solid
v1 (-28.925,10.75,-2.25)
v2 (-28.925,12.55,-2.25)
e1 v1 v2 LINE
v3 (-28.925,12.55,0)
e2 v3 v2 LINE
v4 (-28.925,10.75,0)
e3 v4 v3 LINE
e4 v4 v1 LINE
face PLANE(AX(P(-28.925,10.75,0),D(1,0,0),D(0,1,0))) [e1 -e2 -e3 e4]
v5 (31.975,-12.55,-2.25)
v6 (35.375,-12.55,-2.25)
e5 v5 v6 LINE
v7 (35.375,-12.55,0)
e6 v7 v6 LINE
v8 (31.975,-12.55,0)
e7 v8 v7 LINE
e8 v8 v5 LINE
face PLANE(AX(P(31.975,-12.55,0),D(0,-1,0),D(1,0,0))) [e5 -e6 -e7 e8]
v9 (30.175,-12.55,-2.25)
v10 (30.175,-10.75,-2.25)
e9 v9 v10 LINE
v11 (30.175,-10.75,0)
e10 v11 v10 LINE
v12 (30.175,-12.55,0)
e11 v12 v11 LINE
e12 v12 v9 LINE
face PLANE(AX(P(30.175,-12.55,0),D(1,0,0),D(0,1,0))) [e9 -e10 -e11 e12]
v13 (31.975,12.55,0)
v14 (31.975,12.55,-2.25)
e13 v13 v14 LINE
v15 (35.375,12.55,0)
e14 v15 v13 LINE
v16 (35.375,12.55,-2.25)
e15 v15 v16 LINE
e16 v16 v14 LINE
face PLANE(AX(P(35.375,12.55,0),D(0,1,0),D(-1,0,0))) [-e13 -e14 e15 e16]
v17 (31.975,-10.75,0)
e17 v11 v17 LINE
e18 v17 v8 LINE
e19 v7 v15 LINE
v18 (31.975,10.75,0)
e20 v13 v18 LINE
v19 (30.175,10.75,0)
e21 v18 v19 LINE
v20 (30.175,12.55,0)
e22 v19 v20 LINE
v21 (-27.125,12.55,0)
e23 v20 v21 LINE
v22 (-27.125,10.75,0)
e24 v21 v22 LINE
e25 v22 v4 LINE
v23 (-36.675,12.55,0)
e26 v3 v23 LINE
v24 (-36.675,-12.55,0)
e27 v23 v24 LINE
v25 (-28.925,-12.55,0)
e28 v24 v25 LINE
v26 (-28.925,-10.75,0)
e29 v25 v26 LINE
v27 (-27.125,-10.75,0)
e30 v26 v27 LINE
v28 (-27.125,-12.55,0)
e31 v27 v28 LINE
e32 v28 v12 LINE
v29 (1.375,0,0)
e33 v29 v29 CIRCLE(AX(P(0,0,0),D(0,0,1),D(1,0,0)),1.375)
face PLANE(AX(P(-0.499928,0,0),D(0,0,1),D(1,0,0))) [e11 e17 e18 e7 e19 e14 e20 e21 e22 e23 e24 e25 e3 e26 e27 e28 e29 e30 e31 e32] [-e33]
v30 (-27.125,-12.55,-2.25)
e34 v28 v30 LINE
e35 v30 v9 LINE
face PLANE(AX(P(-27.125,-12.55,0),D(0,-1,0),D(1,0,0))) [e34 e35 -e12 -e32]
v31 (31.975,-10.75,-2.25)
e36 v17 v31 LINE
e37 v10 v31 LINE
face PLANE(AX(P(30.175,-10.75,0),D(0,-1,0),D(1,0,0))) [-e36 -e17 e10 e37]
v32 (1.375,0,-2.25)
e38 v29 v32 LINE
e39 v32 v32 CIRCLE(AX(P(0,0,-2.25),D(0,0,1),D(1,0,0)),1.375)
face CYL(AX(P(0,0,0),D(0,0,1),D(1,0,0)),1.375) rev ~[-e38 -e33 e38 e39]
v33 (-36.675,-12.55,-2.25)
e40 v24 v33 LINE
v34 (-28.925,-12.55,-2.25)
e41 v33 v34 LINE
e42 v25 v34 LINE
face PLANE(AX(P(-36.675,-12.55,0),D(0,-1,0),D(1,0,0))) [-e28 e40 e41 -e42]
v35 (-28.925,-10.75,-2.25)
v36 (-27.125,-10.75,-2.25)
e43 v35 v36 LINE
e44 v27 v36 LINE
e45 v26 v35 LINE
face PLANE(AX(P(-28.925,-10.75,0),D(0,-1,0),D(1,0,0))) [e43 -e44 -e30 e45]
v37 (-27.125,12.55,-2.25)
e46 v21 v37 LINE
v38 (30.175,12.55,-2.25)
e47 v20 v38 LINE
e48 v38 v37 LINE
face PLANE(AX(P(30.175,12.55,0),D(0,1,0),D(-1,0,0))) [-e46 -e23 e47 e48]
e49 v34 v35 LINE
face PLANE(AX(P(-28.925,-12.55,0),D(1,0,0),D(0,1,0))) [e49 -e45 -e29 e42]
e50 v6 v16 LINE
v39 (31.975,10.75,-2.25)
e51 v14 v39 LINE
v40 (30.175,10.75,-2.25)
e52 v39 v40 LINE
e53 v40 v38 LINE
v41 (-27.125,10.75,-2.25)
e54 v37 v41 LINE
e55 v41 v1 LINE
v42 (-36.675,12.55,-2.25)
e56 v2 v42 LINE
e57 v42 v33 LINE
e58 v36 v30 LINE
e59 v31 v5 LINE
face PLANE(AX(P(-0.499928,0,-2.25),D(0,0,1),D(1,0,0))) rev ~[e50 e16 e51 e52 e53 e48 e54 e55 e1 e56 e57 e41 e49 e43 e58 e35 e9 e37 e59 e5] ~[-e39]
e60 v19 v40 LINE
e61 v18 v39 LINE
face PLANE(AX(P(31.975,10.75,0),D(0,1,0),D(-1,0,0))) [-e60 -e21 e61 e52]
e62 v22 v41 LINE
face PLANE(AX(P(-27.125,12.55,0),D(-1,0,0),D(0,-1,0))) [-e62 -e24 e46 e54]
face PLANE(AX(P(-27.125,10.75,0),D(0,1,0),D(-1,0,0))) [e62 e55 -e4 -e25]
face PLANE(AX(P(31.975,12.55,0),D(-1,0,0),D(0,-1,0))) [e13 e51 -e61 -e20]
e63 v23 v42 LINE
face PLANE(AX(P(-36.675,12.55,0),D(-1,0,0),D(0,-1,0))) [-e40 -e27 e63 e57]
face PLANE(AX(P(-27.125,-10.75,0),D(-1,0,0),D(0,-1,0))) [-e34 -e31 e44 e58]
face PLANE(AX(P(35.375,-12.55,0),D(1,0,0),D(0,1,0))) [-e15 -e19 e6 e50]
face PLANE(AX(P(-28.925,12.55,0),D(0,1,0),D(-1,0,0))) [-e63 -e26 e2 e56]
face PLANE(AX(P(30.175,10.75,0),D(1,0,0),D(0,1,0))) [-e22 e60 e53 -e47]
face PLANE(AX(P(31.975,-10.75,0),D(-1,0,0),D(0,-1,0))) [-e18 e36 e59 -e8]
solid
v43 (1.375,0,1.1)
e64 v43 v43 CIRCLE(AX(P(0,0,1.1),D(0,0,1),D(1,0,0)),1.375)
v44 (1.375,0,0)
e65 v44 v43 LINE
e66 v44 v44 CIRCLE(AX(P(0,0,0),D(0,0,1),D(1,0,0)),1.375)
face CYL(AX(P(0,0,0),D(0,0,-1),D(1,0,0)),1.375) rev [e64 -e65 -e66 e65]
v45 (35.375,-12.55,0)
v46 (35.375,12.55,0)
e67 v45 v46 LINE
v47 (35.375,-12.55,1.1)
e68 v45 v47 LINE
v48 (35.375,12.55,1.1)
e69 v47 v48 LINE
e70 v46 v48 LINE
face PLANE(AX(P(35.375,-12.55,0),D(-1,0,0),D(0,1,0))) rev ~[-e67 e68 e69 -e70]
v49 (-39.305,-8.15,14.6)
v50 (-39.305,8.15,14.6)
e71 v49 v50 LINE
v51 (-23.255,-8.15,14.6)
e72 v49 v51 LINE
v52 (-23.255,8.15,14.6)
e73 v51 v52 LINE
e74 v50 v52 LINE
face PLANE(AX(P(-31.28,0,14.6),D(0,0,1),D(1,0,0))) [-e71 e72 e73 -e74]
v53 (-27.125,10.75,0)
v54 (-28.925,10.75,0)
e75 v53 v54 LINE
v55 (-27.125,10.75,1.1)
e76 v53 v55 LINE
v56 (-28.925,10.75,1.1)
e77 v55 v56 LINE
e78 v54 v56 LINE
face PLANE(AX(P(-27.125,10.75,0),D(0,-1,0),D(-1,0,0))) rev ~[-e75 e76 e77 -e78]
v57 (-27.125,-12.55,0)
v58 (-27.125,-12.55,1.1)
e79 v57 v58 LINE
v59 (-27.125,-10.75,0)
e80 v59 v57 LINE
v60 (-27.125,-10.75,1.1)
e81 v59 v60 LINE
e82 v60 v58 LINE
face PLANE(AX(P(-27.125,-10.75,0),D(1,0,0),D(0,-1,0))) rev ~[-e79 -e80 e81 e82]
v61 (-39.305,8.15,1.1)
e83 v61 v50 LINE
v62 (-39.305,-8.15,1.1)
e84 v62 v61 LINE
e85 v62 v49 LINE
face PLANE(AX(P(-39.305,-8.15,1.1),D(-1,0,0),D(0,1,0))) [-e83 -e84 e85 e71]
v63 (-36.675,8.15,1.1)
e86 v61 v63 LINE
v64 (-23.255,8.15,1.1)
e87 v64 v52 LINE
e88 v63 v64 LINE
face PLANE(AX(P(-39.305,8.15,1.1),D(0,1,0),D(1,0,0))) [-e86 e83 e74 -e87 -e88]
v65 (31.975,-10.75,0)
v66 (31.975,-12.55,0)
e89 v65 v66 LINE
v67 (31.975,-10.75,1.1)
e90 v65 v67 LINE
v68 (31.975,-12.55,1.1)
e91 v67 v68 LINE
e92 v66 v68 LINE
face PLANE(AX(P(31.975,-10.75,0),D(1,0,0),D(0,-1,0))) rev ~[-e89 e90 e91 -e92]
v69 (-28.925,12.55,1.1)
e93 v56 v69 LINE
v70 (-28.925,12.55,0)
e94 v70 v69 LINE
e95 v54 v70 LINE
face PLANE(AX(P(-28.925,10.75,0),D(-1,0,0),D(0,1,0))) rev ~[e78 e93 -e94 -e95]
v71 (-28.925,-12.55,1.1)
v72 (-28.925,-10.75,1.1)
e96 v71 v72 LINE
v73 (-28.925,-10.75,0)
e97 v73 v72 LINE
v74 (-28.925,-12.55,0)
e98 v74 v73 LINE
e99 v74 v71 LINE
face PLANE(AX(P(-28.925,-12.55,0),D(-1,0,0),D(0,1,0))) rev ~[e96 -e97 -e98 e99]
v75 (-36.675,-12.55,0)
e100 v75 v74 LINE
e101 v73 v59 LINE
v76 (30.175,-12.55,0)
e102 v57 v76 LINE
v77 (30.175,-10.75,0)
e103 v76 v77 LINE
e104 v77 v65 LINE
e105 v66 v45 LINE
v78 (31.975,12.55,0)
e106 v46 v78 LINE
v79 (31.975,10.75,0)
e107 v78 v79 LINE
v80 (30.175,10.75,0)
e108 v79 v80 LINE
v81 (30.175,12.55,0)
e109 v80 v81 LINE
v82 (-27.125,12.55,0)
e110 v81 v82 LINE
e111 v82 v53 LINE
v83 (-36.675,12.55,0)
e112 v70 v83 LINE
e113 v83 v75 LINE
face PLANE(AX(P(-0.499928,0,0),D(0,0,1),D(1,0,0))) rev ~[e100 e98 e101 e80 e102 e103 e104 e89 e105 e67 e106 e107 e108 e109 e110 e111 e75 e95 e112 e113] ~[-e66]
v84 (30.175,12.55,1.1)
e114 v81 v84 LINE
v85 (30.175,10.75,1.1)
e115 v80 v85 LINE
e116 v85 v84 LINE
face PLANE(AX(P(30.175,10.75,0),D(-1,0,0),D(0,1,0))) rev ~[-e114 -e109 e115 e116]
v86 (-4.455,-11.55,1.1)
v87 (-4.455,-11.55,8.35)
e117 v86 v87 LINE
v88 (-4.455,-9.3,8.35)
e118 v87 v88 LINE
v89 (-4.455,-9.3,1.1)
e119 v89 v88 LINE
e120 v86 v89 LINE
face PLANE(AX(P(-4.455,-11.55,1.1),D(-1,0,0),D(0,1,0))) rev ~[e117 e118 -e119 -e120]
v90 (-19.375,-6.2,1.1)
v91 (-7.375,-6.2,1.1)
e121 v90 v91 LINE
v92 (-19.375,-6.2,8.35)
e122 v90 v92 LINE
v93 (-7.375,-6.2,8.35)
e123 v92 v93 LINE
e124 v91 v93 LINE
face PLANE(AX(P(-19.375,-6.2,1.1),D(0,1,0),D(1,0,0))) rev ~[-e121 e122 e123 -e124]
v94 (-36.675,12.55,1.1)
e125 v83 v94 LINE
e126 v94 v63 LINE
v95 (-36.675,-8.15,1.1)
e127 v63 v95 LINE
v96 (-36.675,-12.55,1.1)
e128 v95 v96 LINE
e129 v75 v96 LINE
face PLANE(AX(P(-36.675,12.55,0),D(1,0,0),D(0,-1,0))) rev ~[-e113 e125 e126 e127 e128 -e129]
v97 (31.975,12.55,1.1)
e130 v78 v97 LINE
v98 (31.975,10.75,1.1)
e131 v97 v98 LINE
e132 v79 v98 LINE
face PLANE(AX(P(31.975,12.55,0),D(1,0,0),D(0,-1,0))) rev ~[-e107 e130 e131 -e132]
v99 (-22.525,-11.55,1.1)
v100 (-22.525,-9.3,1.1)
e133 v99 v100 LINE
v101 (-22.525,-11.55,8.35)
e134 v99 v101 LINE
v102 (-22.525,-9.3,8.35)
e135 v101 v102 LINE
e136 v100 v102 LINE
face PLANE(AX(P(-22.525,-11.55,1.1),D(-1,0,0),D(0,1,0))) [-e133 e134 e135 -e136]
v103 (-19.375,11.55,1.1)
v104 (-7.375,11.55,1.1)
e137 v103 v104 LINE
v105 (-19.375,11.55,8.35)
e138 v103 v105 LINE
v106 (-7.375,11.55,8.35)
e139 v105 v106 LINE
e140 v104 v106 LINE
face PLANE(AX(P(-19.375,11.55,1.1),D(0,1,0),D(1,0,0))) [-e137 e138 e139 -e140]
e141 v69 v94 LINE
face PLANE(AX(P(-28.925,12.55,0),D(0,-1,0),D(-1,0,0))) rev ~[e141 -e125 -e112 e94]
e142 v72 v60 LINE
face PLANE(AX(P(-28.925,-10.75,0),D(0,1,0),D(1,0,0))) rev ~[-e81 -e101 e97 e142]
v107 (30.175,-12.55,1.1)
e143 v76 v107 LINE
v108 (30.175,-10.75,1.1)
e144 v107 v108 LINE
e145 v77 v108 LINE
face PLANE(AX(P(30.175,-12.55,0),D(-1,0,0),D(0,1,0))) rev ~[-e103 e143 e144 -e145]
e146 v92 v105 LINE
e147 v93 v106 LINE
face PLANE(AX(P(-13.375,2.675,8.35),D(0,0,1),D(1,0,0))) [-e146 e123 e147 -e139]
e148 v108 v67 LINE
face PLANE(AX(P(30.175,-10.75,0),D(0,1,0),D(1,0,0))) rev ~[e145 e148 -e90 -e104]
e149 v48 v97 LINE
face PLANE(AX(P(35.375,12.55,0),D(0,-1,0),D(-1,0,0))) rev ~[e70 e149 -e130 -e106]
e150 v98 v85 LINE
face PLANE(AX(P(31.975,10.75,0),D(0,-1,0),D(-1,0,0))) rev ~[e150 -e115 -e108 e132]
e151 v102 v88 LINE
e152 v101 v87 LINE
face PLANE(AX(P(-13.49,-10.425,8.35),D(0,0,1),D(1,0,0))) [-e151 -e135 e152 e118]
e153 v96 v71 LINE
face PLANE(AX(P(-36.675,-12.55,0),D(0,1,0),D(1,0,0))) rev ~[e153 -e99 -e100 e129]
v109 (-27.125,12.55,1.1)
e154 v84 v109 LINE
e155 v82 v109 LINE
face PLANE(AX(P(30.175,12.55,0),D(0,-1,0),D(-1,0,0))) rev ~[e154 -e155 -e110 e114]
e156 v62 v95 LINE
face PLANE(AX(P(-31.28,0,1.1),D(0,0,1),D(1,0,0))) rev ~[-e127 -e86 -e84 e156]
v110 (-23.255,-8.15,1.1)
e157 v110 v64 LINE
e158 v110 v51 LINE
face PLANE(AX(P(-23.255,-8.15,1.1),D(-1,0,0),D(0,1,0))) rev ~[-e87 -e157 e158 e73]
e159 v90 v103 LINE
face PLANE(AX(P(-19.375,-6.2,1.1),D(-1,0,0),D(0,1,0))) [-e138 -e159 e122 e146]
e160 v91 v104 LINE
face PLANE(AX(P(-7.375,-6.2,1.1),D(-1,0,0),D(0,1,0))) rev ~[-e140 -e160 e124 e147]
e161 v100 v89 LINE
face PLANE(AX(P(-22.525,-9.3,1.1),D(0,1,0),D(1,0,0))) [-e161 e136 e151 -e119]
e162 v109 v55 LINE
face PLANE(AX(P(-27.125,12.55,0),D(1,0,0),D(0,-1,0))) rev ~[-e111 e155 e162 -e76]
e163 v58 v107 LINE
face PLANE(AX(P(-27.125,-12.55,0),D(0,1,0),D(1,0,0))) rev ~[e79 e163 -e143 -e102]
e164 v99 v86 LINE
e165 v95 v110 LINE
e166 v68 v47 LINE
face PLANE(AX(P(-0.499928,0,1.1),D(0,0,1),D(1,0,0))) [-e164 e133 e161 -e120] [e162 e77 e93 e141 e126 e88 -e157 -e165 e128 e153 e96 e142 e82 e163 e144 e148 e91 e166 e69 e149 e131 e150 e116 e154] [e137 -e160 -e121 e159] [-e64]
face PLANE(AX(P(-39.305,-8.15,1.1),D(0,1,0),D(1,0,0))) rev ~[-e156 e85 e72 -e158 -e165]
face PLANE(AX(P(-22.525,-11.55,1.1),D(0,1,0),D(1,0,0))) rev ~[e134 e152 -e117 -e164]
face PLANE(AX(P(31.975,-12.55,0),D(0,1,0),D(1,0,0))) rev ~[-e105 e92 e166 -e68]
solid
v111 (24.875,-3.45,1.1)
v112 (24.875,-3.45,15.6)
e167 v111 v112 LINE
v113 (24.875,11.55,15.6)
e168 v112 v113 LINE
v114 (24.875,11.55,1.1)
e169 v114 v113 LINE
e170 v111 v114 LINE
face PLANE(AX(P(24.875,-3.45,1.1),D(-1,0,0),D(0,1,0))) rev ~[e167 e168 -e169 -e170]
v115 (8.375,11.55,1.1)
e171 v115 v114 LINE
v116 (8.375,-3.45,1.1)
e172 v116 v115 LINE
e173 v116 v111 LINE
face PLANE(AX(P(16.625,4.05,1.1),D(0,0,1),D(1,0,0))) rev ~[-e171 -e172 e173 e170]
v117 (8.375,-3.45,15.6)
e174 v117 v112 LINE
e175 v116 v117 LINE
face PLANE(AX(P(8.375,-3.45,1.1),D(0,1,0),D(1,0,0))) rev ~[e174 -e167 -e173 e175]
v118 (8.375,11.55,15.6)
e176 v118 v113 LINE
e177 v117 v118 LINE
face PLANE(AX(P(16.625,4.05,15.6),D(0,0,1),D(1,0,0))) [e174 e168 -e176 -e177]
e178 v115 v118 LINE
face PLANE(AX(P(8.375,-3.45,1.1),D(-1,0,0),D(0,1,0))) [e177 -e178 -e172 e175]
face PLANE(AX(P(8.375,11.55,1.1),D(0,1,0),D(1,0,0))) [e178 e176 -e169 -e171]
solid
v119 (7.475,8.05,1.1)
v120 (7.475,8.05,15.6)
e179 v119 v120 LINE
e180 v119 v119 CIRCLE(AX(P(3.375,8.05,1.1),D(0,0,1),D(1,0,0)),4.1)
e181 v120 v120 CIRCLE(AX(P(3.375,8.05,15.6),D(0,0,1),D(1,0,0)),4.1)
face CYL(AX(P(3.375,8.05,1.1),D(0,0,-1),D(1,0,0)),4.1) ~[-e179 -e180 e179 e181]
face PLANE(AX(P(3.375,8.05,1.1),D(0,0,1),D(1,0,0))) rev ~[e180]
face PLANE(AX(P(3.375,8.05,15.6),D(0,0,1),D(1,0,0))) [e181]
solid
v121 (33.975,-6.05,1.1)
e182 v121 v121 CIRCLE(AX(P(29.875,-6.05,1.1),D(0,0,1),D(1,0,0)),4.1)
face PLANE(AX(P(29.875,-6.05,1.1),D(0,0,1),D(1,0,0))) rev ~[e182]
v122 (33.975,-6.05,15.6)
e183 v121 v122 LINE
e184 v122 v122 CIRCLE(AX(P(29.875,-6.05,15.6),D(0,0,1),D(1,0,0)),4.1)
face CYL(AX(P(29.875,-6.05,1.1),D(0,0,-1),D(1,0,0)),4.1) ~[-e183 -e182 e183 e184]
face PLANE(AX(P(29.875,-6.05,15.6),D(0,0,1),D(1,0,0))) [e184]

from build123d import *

# Parameters (mm, degrees)
SKETCH1_R                 = 1.375
BOSS_BOARDTHK_DEPTH       = 1.1
SKETCH1_3_R               = 1.375
BOSS_LOWERCLEARANCE_DEPTH = 2.25
SKETCH2_R                 = 4.1
BOSS_EXTRUDE3_DEPTH       = 14.5
BOSS_EXTRUDE3_2_DEPTH     = 14.5
SKETCH2_W                 = 16.5
SKETCH2_H                 = 15
BOSS_EXTRUDE3_3_DEPTH     = 14.5
SKETCH2_4_W               = 12
SKETCH2_4_H               = 17.75
SKETCH2_4_W_2             = 18.07
SKETCH2_4_H_2             = 2.25
BOSS_EXTRUDE4_DEPTH       = 7.25
SKETCH2_5_W               = 16.05
SKETCH2_5_H               = 16.3
BOSS_EXTRUDE5_DEPTH       = 13.5


with BuildPart() as part:
    # Sketch1 → Boss-BoardThk (new body)
    with BuildSketch(Plane.XY):
        Polygon((-36.675, 12.55), (-36.675, -12.55), (-28.925, -12.55), (-28.925, -10.75), (-27.125, -10.75), (-27.125, -12.55), (30.175, -12.55), (30.175, -10.75), (31.975, -10.75), (31.975, -12.55), (35.375, -12.55), (35.375, 12.55), (31.975, 12.55), (31.975, 10.75), (30.175, 10.75), (30.175, 12.55), (-27.125, 12.55), (-27.125, 10.75), (-28.925, 10.75), (-28.925, 12.55), align=None)
        Circle(SKETCH1_R, mode=Mode.SUBTRACT)
    extrude(amount=BOSS_BOARDTHK_DEPTH)

    # Sketch2<4> → Boss-Extrude4 (add)
    with BuildSketch(Plane.XY.offset(1.1)):
        with Locations((-13.375, 2.675)):
            Rectangle(SKETCH2_4_W, SKETCH2_4_H)
        with Locations((-13.49, -10.425)):
            Rectangle(SKETCH2_4_W_2, SKETCH2_4_H_2)
    extrude(amount=BOSS_EXTRUDE4_DEPTH)

    # Sketch2<5> → Boss-Extrude5 (add)
    with BuildSketch(Plane.XY.offset(1.1)):
        with Locations((-31.28, 0)):
            Rectangle(SKETCH2_5_W, SKETCH2_5_H)
    extrude(amount=BOSS_EXTRUDE5_DEPTH)


with BuildPart() as body_2:
    # Sketch1<3> → Boss-LowerClearance (new body)
    with BuildSketch(Plane.XY):
        Polygon((-36.675, 12.55), (-36.675, -12.55), (-28.925, -12.55), (-28.925, -10.75), (-27.125, -10.75), (-27.125, -12.55), (30.175, -12.55), (30.175, -10.75), (31.975, -10.75), (31.975, -12.55), (35.375, -12.55), (35.375, 12.55), (31.975, 12.55), (31.975, 10.75), (30.175, 10.75), (30.175, 12.55), (-27.125, 12.55), (-27.125, 10.75), (-28.925, 10.75), (-28.925, 12.55), align=None)
        Circle(SKETCH1_3_R, mode=Mode.SUBTRACT)
    extrude(amount=-BOSS_LOWERCLEARANCE_DEPTH)


with BuildPart() as body_3:
    # Sketch2 → Boss-Extrude3 (new body)
    with BuildSketch(Plane.XY.offset(1.1)):
        with Locations((29.875, -6.05)):
            Circle(SKETCH2_R)
    extrude(amount=BOSS_EXTRUDE3_DEPTH)


with BuildPart() as body_4:
    # Sketch2 → Boss-Extrude3 2 (new body)
    with BuildSketch(Plane.XY.offset(1.1)):
        with Locations((3.375, 8.05)):
            Circle(SKETCH2_R)
    extrude(amount=BOSS_EXTRUDE3_2_DEPTH)


with BuildPart() as body_5:
    # Sketch2 → Boss-Extrude3 3 (new body)
    with BuildSketch(Plane.XY.offset(1.1)):
        with Locations((16.625, 4.05)):
            Rectangle(SKETCH2_W, SKETCH2_H)
    extrude(amount=BOSS_EXTRUDE3_3_DEPTH)


solid = Compound([part.part, body_2.part, body_3.part, body_4.part, body_5.part])
